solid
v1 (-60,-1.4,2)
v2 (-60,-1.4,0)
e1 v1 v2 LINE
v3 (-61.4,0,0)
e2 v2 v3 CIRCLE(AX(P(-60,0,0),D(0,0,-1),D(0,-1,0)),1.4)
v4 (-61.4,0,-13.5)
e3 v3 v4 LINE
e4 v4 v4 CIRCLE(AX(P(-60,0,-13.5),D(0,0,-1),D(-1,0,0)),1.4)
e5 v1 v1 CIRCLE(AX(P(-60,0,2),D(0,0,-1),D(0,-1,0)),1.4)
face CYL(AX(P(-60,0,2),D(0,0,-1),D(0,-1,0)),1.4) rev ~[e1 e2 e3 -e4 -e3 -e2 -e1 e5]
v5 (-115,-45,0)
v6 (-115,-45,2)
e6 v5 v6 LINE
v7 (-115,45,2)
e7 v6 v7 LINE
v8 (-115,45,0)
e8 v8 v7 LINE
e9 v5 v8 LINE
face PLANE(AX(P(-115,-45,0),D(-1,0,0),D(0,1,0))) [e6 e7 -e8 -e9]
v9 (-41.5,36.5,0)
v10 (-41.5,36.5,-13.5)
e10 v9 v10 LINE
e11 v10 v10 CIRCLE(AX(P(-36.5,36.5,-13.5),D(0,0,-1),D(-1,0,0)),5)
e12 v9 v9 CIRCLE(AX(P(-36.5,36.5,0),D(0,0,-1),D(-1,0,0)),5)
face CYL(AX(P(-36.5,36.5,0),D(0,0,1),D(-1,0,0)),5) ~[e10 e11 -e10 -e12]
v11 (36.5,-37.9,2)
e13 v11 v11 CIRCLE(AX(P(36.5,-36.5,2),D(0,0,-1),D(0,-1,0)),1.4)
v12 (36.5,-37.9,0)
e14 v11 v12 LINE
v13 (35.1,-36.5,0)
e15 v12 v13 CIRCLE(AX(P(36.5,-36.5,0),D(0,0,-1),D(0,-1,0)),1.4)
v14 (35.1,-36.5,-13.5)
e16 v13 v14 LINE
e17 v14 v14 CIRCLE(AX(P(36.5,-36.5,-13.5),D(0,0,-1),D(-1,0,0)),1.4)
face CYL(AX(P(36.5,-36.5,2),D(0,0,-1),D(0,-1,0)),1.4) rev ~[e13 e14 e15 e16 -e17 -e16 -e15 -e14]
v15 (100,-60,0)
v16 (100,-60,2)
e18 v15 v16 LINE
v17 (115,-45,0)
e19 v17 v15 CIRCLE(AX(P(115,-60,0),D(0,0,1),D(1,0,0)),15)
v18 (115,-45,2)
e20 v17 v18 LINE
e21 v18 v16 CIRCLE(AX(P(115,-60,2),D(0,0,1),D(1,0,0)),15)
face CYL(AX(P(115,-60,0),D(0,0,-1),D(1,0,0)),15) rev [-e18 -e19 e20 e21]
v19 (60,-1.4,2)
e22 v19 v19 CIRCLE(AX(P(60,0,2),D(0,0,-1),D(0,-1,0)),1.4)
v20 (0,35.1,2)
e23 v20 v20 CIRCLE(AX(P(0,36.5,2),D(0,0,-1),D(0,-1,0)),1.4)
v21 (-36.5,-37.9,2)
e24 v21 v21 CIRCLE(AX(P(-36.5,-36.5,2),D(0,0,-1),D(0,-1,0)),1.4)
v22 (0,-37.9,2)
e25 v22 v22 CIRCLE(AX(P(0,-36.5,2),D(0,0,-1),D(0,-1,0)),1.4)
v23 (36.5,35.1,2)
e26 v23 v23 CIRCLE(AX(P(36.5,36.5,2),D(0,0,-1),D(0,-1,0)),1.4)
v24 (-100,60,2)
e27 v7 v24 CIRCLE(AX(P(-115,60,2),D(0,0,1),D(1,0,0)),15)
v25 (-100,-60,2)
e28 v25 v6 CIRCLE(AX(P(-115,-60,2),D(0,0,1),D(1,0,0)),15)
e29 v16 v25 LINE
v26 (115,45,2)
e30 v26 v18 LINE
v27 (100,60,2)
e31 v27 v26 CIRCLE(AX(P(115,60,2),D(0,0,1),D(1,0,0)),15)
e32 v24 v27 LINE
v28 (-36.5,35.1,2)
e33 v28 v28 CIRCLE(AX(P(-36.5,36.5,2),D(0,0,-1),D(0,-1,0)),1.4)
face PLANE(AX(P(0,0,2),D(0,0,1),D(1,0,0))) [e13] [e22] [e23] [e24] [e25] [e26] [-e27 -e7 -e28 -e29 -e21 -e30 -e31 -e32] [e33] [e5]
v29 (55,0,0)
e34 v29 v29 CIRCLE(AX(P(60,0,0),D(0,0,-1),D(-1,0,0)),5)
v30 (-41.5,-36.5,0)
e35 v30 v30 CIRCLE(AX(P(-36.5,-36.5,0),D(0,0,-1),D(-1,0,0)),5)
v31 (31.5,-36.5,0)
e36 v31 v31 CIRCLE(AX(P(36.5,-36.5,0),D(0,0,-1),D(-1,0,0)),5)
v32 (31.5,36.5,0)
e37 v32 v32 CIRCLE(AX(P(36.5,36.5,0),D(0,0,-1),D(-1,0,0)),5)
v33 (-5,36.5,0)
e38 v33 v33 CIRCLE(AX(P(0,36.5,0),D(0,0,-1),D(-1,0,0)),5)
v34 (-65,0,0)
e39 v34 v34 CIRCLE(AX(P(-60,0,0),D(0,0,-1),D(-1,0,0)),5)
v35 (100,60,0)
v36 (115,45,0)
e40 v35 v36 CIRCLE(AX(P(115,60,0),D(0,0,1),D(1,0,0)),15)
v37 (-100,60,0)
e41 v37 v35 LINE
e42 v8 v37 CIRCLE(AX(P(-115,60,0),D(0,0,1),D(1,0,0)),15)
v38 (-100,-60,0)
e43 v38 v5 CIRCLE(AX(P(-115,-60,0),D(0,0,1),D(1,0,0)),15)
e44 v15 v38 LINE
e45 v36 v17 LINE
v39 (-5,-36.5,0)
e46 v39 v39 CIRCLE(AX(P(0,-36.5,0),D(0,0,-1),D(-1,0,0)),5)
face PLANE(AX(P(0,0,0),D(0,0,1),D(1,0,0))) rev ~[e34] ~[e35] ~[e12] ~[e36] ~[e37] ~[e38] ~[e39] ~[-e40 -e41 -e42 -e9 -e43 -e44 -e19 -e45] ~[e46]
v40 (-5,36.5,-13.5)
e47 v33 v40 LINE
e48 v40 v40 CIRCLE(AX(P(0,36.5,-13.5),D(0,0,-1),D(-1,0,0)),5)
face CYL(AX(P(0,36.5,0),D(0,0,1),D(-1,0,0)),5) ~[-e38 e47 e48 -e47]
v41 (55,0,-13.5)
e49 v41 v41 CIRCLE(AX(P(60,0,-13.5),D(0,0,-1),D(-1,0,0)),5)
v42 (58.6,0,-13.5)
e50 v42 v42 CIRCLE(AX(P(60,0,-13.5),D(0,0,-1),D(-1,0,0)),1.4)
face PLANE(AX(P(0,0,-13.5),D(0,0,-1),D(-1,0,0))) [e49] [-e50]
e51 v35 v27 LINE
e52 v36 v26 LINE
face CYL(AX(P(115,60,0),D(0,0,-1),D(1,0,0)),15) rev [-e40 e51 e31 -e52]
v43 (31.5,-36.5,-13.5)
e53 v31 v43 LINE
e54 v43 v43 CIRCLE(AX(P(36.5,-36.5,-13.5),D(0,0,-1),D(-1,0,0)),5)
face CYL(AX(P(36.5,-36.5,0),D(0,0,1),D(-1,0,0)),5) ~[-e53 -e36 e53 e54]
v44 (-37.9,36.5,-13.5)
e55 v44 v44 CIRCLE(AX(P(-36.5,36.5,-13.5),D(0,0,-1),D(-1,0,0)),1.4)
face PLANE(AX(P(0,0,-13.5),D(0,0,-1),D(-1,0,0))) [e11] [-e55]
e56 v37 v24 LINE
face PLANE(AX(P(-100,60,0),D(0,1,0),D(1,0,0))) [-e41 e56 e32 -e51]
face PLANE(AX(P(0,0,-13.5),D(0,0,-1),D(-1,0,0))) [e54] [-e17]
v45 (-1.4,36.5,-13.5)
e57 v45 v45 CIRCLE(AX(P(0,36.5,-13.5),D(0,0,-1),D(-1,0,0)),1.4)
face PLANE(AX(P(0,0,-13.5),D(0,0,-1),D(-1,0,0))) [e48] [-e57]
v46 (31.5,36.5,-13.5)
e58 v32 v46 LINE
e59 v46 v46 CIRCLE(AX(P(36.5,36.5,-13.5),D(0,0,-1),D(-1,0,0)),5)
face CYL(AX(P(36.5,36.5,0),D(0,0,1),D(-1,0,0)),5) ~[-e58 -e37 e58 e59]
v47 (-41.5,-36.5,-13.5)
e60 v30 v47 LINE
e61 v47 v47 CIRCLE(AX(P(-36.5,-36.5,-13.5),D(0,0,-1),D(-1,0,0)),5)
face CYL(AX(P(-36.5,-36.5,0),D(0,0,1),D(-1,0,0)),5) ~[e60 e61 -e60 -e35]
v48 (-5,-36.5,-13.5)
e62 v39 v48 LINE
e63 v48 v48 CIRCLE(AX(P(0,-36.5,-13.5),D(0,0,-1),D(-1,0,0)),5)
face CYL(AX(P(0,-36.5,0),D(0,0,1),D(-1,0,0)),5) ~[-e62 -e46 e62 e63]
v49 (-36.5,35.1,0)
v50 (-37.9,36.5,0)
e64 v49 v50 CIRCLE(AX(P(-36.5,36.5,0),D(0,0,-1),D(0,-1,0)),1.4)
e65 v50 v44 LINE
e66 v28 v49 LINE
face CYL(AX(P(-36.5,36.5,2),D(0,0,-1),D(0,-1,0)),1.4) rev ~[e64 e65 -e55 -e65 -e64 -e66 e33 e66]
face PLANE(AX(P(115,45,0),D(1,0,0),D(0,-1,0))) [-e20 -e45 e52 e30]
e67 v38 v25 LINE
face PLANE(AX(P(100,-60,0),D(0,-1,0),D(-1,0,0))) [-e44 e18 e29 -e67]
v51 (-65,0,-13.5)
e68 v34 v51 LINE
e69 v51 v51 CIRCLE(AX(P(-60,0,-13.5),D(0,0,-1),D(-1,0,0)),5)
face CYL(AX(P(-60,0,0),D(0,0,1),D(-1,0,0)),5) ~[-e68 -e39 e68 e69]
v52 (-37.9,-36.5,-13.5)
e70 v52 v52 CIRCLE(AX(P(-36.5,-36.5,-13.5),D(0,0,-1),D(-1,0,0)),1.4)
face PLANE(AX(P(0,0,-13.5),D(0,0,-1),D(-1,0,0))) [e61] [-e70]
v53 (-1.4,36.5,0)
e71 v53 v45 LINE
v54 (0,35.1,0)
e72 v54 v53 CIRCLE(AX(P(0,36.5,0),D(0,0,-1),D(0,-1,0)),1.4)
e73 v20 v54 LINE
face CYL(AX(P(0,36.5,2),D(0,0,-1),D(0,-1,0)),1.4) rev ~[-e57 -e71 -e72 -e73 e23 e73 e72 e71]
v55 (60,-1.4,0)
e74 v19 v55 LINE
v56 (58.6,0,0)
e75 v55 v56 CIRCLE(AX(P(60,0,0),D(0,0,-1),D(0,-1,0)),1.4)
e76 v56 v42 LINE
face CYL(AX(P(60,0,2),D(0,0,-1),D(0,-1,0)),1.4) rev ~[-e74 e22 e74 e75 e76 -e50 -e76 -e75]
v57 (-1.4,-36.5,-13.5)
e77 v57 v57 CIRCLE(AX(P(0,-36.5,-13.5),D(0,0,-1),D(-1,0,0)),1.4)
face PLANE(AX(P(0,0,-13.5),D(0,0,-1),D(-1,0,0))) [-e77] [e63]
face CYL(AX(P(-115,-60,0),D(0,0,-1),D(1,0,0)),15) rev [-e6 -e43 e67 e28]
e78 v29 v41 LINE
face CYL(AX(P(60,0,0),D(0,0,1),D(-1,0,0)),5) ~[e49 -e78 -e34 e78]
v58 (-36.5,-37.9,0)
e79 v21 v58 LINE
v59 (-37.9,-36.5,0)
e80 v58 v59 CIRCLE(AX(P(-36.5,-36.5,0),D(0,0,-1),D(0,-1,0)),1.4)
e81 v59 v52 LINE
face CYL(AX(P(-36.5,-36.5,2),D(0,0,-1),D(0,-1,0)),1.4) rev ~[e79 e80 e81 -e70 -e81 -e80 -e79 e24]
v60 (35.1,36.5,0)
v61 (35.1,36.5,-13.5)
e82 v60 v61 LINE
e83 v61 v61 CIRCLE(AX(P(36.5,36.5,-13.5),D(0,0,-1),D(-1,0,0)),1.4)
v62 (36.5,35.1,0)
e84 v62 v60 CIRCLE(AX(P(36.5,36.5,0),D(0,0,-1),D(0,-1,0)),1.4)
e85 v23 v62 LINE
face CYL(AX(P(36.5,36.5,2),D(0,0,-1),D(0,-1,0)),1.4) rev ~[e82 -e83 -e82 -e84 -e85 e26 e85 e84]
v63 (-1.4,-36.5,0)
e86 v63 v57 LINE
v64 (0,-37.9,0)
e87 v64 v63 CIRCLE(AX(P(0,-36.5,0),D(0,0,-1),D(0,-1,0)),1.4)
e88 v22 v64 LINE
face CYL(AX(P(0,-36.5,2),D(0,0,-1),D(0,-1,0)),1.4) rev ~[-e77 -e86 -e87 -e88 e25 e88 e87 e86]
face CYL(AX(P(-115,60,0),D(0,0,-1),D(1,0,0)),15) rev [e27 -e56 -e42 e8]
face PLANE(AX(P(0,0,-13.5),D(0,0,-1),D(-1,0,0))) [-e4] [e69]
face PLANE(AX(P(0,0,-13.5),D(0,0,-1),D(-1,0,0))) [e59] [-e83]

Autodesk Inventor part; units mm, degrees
ref_plane "YZ Plane" through (0, 0, 0) normal (1, 0, 0) x (0, 1, 0)
ref_plane "XZ Plane" through (0, 0, 0) normal (0, 1, 0) x (-1, 0, 0)
ref_plane "XY Plane" through (0, 0, 0) normal (0, 0, 1) x (1, 0, 0)
sketch "Skizze1" plane through (0, 0, 0) normal (0, 0, 1) x (1, 0, 0)
  line L0 (115, -60) -> (-115, -60)
  line L1 (-115, -60) -> (-115, 60)
  line L2 (-115, 60) -> (115, 60)
  line L3 (115, 60) -> (115, -60)
  line L4 (115, -60) -> (-115, 60) construction
  line L5 (-115, -60) -> (115, 60) construction
  circle A0 centre (-115, 60) radius 15
  circle A1 centre (115, 60) radius 15
  circle A2 centre (115, -60) radius 15
  circle A3 centre (-115, -60) radius 15
  point P0 (0, 0)
  point P1 (-115, -45)
  point P2 (-100, -60)
  point P3 (100, -60)
  point P4 (115, -45)
  point P5 (115, 45)
  point P6 (100, 60)
  point P7 (-100, 60)
  point P8 (-115, 45)
  dimension "d0" = 230
  dimension "d1" = 120
  dimension "d2" = 30
  dimension "d3" = 30
  dimension "d4" = 30
  dimension "d5" = 30
extrude "Extrusion1" add sketch "Skizze1" along normal blind 2 contours A3 L1 A0 L2 A1 L3 A2 L0
sketch "Skizze2" plane through (0, 0, 2) normal (0, 0, 1) x (1, 0, 0)
  line L0 (36.5, -36.5) -> (-36.5, -36.5)
  line L1 (-36.5, -36.5) -> (-36.5, 36.5)
  line L2 (-36.5, 36.5) -> (36.5, 36.5)
  line L3 (36.5, 36.5) -> (36.5, -36.5)
  line L4 (36.5, -36.5) -> (-36.5, 36.5) construction
  line L5 (-36.5, -36.5) -> (36.5, 36.5) construction
  point P0 (0, 0)
  point P1 (0, 36.5)
  point P2 (0, -36.5)
  point P3 (60, 0)
  point P4 (-60, 0)
  dimension "d8" = 73
  dimension "d9" = 73
  dimension "d25" = 23.5
  dimension "d26" = 23.5
hole "Bohrung1" at (0, 36.5, 2) at (0, -36.5, 2) at (-36.5, -36.5, 2) at (-36.5, 36.5, 2) at (36.5, 36.5, 2) at (36.5, -36.5, 2) at (-60, 0, 2) at (60, 0, 2) direction (0, 0, -1) diameter 2.8 end through all
sketch "Skizze3" plane through (0, 0, 0) normal (0, 0, -1) x (-1, 0, 0)
  circle A0 centre (-36.5, -36.5) radius 1.4 projected
  circle A1 centre (-36.5, 36.5) radius 1.4 projected
  circle A2 centre (36.5, 36.5) radius 1.4 projected
  circle A3 centre (36.5, -36.5) radius 1.4 projected
  circle A4 centre (0, -36.5) radius 1.4 projected
  circle A5 centre (0, 36.5) radius 1.4 projected
  line L0 (100, -60) -> (-100, -60) projected
  arc A6 (115, -45) -> (100, -60) centre (115, -60) ccw projected
  line L1 (115, 45) -> (115, -45) projected
  arc A7 (100, 60) -> (115, 45) centre (115, 60) ccw projected
  line L2 (-100, 60) -> (100, 60) projected
  arc A8 (-115, 45) -> (-100, 60) centre (-115, 60) ccw projected
  line L3 (-115, -45) -> (-115, 45) projected
  arc A9 (-100, -60) -> (-115, -45) centre (-115, -60) ccw projected
  circle A10 centre (36.5, -36.5) radius 5
  circle A11 centre (0, -36.5) radius 5
  circle A12 centre (-36.5, -36.5) radius 5
  circle A13 centre (-36.5, 36.5) radius 5
  circle A14 centre (0, 36.5) radius 5
  circle A15 centre (36.5, 36.5) radius 5
  circle A16 centre (-60, 0) radius 1.4 projected
  circle A17 centre (60, 0) radius 1.4 projected
  circle A18 centre (-36.5, -36.5) radius 1.4 projected
  circle A19 centre (-36.5, 36.5) radius 1.4 projected
  circle A20 centre (36.5, 36.5) radius 1.4 projected
  circle A21 centre (36.5, -36.5) radius 1.4 projected
  circle A22 centre (0, -36.5) radius 1.4 projected
  circle A23 centre (0, 36.5) radius 1.4 projected
  line L4 (100, -60) -> (-100, -60) projected
  arc A24 (115, -45) -> (100, -60) centre (115, -60) ccw projected
  line L5 (115, 45) -> (115, -45) projected
  arc A25 (100, 60) -> (115, 45) centre (115, 60) ccw projected
  line L6 (-100, 60) -> (100, 60) projected
  arc A26 (-115, 45) -> (-100, 60) centre (-115, 60) ccw projected
  line L7 (-115, -45) -> (-115, 45) projected
  arc A27 (-100, -60) -> (-115, -45) centre (-115, -60) ccw projected
  circle A28 centre (60, 0) radius 5
  circle A29 centre (-60, 0) radius 5
  point P0 (0, 0)
  dimension "d17" = 10
  dimension "d18" = 10
  dimension "d19" = 10
  dimension "d20" = 10
  dimension "d21" = 10
  dimension "d22" = 10
  dimension "d27" = 10
  dimension "d28" = 10
extrude "Extrusion2" add sketch "Skizze3" along normal blind 13.5 contours A10 | A11 | A12 | A13 | A14 | A15 | A28 | A29
ref_plane "Arbeitsebene1" through (-100, 0, 0) normal (0, 1, 0) x (1, 0, 0)
ref_plane "Arbeitsebene2" through (0, -45, 0) normal (-1, 0, 0) x (0, 0, 1)
properties part number "00_ElectroWallbox_Tpelectric_130x220x140_IP67_Inlet"
